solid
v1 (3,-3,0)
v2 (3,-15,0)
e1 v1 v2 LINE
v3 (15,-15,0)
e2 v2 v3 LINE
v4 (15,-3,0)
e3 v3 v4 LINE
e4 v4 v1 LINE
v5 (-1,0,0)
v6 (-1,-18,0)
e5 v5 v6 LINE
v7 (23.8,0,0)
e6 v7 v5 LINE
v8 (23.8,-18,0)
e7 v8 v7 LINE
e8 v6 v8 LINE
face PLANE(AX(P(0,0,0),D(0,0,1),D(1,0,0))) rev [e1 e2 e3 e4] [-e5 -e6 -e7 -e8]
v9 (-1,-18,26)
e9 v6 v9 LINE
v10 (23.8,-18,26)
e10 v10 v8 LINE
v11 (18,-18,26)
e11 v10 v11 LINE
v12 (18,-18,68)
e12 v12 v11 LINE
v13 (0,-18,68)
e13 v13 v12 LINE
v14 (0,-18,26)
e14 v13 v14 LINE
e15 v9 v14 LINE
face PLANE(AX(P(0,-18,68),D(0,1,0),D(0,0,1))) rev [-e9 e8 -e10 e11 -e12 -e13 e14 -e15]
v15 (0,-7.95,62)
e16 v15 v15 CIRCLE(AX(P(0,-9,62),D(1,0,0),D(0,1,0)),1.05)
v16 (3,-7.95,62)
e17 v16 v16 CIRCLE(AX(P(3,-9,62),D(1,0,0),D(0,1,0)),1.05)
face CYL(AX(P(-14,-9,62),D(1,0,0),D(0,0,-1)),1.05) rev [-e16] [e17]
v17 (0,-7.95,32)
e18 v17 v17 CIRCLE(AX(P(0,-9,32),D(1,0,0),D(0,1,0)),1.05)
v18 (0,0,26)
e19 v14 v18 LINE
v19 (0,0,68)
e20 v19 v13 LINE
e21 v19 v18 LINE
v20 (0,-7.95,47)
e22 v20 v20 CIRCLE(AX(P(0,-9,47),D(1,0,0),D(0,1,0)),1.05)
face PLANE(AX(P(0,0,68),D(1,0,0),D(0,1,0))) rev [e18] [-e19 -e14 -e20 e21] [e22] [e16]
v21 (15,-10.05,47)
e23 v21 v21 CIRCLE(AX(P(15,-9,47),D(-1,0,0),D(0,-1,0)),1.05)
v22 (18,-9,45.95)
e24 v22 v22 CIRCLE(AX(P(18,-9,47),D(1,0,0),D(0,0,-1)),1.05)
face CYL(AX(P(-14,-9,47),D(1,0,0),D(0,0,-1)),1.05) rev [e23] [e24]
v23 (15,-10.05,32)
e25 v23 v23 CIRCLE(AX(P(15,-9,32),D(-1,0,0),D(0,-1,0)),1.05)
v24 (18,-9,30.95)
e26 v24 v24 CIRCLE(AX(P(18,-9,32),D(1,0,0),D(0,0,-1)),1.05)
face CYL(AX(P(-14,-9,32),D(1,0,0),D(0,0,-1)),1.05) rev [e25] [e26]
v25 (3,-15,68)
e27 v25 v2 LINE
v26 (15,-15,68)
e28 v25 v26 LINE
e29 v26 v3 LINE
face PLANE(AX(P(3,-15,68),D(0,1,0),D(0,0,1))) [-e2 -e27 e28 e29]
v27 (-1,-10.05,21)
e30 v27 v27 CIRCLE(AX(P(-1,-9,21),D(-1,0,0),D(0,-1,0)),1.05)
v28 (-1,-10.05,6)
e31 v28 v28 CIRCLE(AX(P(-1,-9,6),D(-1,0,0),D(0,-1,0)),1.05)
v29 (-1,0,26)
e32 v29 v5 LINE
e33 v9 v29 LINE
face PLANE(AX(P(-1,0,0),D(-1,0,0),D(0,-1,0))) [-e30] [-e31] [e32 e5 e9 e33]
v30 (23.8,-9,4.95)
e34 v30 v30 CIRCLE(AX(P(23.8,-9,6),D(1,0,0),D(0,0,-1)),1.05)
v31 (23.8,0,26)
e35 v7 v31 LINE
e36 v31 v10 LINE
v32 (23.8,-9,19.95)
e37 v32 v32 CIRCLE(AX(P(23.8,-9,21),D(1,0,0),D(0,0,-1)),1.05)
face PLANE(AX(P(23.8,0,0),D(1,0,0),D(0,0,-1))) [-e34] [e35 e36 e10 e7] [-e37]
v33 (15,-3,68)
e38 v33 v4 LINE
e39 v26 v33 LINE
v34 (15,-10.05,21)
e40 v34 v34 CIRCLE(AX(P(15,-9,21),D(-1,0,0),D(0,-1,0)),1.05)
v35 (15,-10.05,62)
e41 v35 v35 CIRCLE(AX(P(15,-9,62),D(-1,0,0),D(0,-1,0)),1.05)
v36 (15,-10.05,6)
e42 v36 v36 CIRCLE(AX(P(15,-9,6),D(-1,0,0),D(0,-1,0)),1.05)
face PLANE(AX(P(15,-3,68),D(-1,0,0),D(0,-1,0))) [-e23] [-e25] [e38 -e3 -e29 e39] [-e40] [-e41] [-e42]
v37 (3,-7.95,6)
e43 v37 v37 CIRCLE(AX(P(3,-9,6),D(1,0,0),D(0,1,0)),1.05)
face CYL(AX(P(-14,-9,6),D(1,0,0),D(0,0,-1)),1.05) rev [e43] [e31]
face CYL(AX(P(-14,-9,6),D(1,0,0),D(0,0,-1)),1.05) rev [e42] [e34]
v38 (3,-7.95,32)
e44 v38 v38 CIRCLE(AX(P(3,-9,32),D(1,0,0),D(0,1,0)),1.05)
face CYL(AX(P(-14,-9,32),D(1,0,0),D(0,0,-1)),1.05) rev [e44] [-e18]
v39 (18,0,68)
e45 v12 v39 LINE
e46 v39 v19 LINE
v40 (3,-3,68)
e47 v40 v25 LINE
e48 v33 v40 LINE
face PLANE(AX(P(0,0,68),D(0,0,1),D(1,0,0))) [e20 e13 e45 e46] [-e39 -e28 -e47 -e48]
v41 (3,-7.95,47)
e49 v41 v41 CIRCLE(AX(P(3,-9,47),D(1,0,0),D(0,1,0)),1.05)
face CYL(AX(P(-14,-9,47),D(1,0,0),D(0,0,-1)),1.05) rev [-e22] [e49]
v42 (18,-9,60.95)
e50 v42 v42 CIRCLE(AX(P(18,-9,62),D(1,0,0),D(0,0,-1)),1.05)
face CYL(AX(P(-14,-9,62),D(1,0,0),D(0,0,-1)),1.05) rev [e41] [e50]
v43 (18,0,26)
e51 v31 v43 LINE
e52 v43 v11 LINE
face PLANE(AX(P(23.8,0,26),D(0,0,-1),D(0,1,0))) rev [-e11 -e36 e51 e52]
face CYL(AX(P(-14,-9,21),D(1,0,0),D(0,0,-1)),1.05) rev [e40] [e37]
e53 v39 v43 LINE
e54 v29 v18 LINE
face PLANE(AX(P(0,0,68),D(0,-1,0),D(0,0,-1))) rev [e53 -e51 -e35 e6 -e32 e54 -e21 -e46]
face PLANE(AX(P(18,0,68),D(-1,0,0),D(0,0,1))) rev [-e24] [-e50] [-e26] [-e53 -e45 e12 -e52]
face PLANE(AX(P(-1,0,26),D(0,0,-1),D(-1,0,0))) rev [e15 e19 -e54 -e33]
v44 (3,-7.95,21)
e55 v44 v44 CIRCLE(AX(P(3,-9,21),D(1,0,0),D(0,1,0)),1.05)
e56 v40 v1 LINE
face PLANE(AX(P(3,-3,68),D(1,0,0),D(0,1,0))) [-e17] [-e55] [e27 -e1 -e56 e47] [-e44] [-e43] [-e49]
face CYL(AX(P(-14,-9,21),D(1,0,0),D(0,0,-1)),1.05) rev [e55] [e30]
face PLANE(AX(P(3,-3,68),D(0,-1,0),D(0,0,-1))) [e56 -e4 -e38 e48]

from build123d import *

# Parameters (mm, degrees)
SKETCH_1_W          = 18
SKETCH_1_H          = 18
SKETCH_1_W_2        = 12
SKETCH_1_H_2        = 12
EXTRUDE_1_DEPTH     = 68
SKETCH_2_R          = 1.05
CUT_EXTRUDE_1_DEPTH = 32
SKETCH_3_W          = 26
SKETCH_3_H          = 18
EXTRUDE_2_DEPTH     = 5.8
SKETCH_4_W          = 26
SKETCH_4_H          = 18
EXTRUDE_3_DEPTH     = 1
SKETCH_5_R          = 1.05
CUT_EXTRUDE_2_DEPTH = 41


with BuildPart() as part:
    # 草图1 → 凸台-拉伸1 (new body)
    with BuildSketch(Plane.XY):
        with Locations((9, -9)):
            Rectangle(SKETCH_1_W, SKETCH_1_H)
        with Locations((9, -9)):
            Rectangle(SKETCH_1_W_2, SKETCH_1_H_2, mode=Mode.SUBTRACT)
    extrude(amount=EXTRUDE_1_DEPTH)

    # 草图2 → 切除-拉伸1 (cut)
    with BuildSketch(Plane(origin=(18, 0, 0), x_dir=(0, 0, -1), z_dir=(1, 0, 0))):
        with Locations((-62, -9)):
            Circle(SKETCH_2_R)
        with Locations((-47, -9)):
            Circle(SKETCH_2_R)
        with Locations((-32, -9)):
            Circle(SKETCH_2_R)
        with Locations((-6, -9)):
            Circle(SKETCH_2_R)
        with Locations((-21, -9)):
            Circle(SKETCH_2_R)
    extrude(amount=-CUT_EXTRUDE_1_DEPTH, mode=Mode.SUBTRACT)

    # 草图3 → 凸台-拉伸2 (add)
    with BuildSketch(Plane(origin=(18, 0, 0), x_dir=(0, 0, -1), z_dir=(1, 0, 0))):
        with Locations((-13, -9)):
            Rectangle(SKETCH_3_W, SKETCH_3_H)
    extrude(amount=EXTRUDE_2_DEPTH)

    # 草图4 → 凸台-拉伸3 (add)
    with BuildSketch(Plane.ZY):
        with Locations((13, -9)):
            Rectangle(SKETCH_4_W, SKETCH_4_H)
    extrude(amount=EXTRUDE_3_DEPTH)

    # 草图5 → 切除-拉伸2 (cut)
    with BuildSketch(Plane(origin=(23.8, 0, 0), x_dir=(0, 0, -1), z_dir=(1, 0, 0))):
        with Locations((-6, -9)):
            Circle(SKETCH_5_R)
        with Locations((-21, -9)):
            Circle(SKETCH_5_R)
    extrude(amount=-CUT_EXTRUDE_2_DEPTH, mode=Mode.SUBTRACT)


solid = part.part
